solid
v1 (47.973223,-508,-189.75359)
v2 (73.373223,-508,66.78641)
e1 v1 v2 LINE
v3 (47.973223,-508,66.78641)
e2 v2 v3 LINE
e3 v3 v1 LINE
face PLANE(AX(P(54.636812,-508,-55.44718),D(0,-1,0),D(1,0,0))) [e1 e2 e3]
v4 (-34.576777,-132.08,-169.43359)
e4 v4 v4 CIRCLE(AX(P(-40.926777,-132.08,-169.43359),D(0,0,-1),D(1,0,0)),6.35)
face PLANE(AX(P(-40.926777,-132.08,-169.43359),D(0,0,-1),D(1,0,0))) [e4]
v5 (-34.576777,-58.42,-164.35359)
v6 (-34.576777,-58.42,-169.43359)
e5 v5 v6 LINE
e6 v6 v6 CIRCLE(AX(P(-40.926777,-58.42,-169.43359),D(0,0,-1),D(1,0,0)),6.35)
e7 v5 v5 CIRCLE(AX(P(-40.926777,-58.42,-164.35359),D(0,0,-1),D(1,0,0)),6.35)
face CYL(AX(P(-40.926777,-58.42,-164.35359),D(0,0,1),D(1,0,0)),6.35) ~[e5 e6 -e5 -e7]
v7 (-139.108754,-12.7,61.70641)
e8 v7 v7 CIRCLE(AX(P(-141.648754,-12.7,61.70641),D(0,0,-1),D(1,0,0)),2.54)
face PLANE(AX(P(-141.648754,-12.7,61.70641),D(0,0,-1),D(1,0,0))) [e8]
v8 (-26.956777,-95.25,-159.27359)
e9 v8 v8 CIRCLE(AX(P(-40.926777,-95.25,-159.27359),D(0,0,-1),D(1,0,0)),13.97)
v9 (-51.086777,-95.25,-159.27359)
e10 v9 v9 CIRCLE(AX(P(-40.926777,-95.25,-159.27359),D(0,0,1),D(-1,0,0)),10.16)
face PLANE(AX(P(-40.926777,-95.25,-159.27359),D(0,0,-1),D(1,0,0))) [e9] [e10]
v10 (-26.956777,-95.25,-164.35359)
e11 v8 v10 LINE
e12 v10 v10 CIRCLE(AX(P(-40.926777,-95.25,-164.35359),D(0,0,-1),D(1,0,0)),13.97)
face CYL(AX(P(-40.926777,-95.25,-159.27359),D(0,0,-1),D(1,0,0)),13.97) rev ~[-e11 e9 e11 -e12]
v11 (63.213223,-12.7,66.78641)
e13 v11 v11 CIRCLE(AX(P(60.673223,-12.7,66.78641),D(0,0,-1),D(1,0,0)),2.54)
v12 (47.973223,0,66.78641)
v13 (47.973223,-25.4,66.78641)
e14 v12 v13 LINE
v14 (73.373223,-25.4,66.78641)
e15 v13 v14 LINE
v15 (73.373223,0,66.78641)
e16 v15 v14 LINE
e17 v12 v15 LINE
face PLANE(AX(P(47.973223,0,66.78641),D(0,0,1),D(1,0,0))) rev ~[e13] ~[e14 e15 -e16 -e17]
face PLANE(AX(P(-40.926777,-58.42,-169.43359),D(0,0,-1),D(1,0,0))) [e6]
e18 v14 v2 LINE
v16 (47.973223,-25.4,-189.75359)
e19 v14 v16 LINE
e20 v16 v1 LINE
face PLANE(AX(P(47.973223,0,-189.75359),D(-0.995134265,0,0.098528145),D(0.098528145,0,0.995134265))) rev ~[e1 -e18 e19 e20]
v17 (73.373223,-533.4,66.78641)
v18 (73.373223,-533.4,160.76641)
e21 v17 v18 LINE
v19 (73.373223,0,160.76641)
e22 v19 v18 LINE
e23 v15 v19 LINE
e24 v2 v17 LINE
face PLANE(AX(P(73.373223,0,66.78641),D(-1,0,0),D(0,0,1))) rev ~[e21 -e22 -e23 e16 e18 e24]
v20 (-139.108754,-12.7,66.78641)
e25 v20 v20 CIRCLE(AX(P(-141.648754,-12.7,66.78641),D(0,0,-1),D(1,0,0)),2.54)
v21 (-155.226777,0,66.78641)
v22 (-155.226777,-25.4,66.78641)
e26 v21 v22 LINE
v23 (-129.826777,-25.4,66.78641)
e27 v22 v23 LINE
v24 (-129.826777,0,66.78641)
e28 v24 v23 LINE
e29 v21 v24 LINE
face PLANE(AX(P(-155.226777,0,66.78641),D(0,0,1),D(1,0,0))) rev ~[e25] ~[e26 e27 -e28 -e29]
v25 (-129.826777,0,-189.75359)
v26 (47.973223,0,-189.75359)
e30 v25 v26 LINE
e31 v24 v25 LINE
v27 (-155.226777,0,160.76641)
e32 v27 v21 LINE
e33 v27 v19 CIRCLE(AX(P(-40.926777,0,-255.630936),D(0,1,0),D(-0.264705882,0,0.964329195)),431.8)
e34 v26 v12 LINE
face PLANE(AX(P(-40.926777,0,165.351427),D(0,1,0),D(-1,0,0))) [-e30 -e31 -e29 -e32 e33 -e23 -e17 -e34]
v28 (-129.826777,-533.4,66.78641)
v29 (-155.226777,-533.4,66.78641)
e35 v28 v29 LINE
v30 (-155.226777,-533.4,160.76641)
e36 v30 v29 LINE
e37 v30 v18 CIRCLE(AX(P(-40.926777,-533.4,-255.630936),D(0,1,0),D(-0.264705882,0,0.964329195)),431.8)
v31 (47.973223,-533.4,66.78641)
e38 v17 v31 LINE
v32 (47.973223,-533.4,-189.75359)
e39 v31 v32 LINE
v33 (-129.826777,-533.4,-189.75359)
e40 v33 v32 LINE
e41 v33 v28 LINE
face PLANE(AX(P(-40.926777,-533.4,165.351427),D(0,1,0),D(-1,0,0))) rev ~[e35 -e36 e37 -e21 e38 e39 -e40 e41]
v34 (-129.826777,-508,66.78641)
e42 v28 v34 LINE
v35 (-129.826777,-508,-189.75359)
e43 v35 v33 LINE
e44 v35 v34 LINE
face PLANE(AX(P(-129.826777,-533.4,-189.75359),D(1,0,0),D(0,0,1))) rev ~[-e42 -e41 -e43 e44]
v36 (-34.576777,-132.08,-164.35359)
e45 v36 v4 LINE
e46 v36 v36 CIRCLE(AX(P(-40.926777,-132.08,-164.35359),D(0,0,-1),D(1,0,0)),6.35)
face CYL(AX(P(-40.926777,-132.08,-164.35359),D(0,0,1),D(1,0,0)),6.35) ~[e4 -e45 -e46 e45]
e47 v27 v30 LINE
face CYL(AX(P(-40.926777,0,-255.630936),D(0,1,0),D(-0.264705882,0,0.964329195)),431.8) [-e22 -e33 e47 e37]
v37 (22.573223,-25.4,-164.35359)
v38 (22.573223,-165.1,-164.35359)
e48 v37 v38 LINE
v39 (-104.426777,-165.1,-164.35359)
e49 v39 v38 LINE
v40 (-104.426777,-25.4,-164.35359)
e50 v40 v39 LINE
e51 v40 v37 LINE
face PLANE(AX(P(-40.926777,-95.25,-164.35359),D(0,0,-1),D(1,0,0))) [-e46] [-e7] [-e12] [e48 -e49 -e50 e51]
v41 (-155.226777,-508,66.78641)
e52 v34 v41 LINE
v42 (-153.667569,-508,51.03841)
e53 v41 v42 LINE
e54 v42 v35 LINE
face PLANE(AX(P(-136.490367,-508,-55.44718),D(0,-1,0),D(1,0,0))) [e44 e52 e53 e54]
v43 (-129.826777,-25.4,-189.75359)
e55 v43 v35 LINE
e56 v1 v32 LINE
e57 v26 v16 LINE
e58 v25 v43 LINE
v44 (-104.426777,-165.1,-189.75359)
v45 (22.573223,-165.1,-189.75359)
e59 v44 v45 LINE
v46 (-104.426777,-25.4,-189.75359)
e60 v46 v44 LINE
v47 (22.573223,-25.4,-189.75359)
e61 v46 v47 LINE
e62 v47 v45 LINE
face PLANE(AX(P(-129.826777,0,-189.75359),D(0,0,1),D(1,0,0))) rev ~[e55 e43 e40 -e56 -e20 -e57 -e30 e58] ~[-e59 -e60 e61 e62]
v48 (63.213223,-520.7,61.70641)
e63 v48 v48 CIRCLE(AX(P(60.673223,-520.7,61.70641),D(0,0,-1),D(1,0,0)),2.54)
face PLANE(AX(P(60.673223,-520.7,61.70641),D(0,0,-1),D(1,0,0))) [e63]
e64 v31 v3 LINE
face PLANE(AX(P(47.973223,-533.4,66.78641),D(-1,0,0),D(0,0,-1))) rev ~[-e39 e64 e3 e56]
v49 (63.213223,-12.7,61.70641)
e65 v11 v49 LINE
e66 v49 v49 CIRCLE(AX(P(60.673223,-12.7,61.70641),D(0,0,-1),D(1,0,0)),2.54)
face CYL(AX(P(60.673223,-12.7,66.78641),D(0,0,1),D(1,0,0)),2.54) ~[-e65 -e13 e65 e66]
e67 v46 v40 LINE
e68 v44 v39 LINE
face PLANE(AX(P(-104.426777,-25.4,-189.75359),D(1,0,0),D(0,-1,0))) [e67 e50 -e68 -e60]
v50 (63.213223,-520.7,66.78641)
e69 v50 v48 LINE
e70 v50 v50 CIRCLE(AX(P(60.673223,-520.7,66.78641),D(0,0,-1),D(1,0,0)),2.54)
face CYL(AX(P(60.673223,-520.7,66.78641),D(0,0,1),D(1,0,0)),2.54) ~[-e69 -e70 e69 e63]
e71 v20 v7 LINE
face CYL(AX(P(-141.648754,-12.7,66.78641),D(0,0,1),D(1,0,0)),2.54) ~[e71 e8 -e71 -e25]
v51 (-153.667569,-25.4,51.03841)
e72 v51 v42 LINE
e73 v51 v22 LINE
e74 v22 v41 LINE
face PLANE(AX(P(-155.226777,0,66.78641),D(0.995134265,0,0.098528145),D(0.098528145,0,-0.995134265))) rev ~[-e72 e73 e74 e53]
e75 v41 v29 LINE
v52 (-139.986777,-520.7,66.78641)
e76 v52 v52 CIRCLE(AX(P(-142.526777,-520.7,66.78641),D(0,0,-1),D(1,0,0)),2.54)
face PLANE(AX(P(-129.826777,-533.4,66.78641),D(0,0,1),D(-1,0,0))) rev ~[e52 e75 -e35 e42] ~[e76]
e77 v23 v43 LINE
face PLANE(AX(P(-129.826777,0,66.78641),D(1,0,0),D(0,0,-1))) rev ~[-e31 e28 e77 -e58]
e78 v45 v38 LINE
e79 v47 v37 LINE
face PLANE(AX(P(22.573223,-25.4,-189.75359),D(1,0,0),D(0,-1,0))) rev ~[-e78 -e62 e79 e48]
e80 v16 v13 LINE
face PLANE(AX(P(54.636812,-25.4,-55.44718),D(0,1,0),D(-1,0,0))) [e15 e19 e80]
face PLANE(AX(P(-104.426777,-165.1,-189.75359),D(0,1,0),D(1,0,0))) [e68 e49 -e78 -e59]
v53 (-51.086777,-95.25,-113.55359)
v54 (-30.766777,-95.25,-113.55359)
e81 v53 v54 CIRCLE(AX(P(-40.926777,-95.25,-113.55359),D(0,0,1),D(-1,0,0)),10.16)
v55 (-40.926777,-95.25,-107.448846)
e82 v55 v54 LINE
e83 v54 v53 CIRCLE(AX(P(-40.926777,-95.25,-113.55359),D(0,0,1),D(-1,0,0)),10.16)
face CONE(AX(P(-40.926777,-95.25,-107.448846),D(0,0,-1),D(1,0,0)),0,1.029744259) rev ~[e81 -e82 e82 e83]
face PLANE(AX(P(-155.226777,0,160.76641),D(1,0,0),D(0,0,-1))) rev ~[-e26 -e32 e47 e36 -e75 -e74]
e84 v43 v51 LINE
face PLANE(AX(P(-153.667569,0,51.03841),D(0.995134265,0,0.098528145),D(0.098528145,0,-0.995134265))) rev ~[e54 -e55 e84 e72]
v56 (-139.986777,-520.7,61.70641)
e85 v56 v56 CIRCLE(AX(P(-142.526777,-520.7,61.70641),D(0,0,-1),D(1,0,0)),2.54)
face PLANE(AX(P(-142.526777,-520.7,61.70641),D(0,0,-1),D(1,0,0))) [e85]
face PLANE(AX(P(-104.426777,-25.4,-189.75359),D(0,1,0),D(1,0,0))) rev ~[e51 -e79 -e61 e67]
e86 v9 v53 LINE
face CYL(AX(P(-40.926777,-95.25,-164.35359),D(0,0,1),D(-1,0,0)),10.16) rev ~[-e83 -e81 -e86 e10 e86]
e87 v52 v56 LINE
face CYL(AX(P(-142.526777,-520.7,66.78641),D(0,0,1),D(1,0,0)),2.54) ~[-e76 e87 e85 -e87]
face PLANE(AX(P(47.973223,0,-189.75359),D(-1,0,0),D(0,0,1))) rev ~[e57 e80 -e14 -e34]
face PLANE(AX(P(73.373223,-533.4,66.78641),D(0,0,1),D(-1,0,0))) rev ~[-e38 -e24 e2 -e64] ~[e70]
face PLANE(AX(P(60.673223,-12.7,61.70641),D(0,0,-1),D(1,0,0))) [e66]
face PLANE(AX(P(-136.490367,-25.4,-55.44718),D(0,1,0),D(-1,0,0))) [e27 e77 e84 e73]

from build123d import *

# Parameters (mm, degrees)
F1_DEPTH        = 533.4
F3_DEPTH        = 25.4
F5_DEPTH        = 25.4
F7_DEPTH        = 25.4
F8_W            = 127
F8_H            = 139.7
F10_DEPTH       = 25.4
F13_D           = 20.32
F13_DEPTH       = 50.8
F13_CBORE_D     = 27.94
F13_CBORE_DEPTH = 5.08
F13_TIP         = 6.1047438893
F14_R           = 6.35
F15_DEPTH       = 5.08
F16_R           = 2.54
F17_DEPTH       = 5.08
F18_R           = 2.54
F19_DEPTH       = 5.08
F20_R           = 2.54
F21_DEPTH       = 5.08
F22_R           = 2.54
F23_DEPTH       = 5.08
F25_DEPTH       = 533.4


with BuildPart() as f1:
    # F0 (on Front) → F1 (new body)
    with BuildSketch(Plane.XZ):
        Polygon((73.373222708, 160.7664102355), (-155.226777292, 160.7664102355), (-155.226777292, 66.7864102355), (-153.6675693713, 51.0384102355), (-129.826777292, 51.0384102355), (-129.826777292, -189.7535897645), (47.973222708, -189.7535897645), (47.973222708, 51.0384102355), (71.8140147872, 51.0384102355), (73.373222708, 66.7864102355), align=None)
        Polygon((-129.826777292, 51.0384102355), (-153.6675693713, 51.0384102355), (-129.826777292, -189.7535897645), align=None)
        Polygon((47.973222708, -189.7535897645), (71.8140147872, 51.0384102355), (47.973222708, 51.0384102355), align=None)
    extrude(amount=F1_DEPTH)

    # F2 (on face) → F3 (cut)
    with BuildSketch(Plane.XZ.offset(533.4)):
        Polygon((-129.826777292, 66.7864102355), (-155.226777292, 66.7864102355), (-129.826777292, -189.7535897645), align=None)
    extrude(amount=-F3_DEPTH, mode=Mode.SUBTRACT)

    # F4 (on face) → F5 (cut)
    with BuildSketch(Plane.XZ.offset(533.4)):
        Polygon((47.973222708, 66.7864102355), (47.973222708, -189.7535897645), (73.373222708, 66.7864102355), align=None)
    extrude(amount=-F5_DEPTH, mode=Mode.SUBTRACT)

    # F6 (on face) → F7 (cut)
    with BuildSketch(Plane(origin=(0, 0, 0), x_dir=(-1, 0, 0), z_dir=(0, 1, 0))):
        Polygon((-47.973222708, 66.7864102355), (-73.373222708, 66.7864102355), (-47.973222708, -189.7535897645), align=None)
        Polygon((129.826777292, 66.7864102355), (129.826777292, -189.7535897645), (155.226777292, 66.7864102355), align=None)
    extrude(amount=-F7_DEPTH, mode=Mode.SUBTRACT)

    # F8 (on face) → F10 (cut)
    with BuildSketch(Plane(origin=(0, 0, -189.7535897645), x_dir=(1, 0, 0), z_dir=(0, 0, -1))):
        with Locations((-40.926777292, 95.25)):
            Rectangle(F8_W, F8_H)
    extrude(amount=-F10_DEPTH, mode=Mode.SUBTRACT)

    # F13
    with Locations(Plane(origin=(0, 0, -164.3535897645), x_dir=(1, 0, 0), z_dir=(0, 0, -1))):
        with Locations((-40.926777292, 95.25)):
            CounterBoreHole(F13_D / 2, F13_CBORE_D / 2, F13_CBORE_DEPTH, depth=F13_DEPTH)
            with Locations((0, 0, -(F13_DEPTH + F13_TIP / 2))):  # 118° drill point
                Cone(0, F13_D / 2, F13_TIP, mode=Mode.SUBTRACT)

    # F14 (on offset) → F15 (join)
    with BuildSketch(Plane(origin=(0, 0, -164.3535897645), x_dir=(1, 0, 0), z_dir=(0, 0, -1))):
        with Locations((-40.926777292, 132.08)):
            Circle(F14_R)
        with Locations((-40.926777292, 58.42)):
            Circle(F14_R)
    extrude(amount=F15_DEPTH)

    # F16 (on face) → F17 (join)
    with BuildSketch(Plane(origin=(0, 0, 66.7864102355), x_dir=(1, 0, 0), z_dir=(0, 0, -1))):
        with Locations((60.673222708, 12.7)):
            Circle(F16_R)
    extrude(amount=F17_DEPTH)

    # F18 (on face) → F19 (join)
    with BuildSketch(Plane(origin=(0, 0, 66.7864102355), x_dir=(1, 0, 0), z_dir=(0, 0, -1))):
        with Locations((-141.6487544775, 12.7)):
            Circle(F18_R)
    extrude(amount=F19_DEPTH)

    # F20 (on face) → F21 (join)
    with BuildSketch(Plane(origin=(0, 0, 66.7864102355), x_dir=(1, 0, 0), z_dir=(0, 0, -1))):
        with Locations((60.673222708, 520.7)):
            Circle(F20_R)
    extrude(amount=F21_DEPTH)

    # F22 (on face) → F23 (join)
    with BuildSketch(Plane(origin=(0, 0, 66.7864102355), x_dir=(1, 0, 0), z_dir=(0, 0, -1))):
        with Locations((-142.526777292, 520.7)):
            Circle(F22_R)
    extrude(amount=F23_DEPTH)

    # F24 (on face) → F25 (join)
    with BuildSketch(Plane(origin=(0, 0, 0), x_dir=(-1, 0, 0), z_dir=(0, 1, 0))):
        with BuildLine():
            Line((-73.373222708, 160.7664102355), (155.226777292, 160.7664102355))
            ThreePointArc((155.226777292, 160.7664102355), (40.926777292, 176.1690639423), (-73.373222708, 160.7664102355))
        make_face()
    extrude(amount=-F25_DEPTH)


solid = f1.part
